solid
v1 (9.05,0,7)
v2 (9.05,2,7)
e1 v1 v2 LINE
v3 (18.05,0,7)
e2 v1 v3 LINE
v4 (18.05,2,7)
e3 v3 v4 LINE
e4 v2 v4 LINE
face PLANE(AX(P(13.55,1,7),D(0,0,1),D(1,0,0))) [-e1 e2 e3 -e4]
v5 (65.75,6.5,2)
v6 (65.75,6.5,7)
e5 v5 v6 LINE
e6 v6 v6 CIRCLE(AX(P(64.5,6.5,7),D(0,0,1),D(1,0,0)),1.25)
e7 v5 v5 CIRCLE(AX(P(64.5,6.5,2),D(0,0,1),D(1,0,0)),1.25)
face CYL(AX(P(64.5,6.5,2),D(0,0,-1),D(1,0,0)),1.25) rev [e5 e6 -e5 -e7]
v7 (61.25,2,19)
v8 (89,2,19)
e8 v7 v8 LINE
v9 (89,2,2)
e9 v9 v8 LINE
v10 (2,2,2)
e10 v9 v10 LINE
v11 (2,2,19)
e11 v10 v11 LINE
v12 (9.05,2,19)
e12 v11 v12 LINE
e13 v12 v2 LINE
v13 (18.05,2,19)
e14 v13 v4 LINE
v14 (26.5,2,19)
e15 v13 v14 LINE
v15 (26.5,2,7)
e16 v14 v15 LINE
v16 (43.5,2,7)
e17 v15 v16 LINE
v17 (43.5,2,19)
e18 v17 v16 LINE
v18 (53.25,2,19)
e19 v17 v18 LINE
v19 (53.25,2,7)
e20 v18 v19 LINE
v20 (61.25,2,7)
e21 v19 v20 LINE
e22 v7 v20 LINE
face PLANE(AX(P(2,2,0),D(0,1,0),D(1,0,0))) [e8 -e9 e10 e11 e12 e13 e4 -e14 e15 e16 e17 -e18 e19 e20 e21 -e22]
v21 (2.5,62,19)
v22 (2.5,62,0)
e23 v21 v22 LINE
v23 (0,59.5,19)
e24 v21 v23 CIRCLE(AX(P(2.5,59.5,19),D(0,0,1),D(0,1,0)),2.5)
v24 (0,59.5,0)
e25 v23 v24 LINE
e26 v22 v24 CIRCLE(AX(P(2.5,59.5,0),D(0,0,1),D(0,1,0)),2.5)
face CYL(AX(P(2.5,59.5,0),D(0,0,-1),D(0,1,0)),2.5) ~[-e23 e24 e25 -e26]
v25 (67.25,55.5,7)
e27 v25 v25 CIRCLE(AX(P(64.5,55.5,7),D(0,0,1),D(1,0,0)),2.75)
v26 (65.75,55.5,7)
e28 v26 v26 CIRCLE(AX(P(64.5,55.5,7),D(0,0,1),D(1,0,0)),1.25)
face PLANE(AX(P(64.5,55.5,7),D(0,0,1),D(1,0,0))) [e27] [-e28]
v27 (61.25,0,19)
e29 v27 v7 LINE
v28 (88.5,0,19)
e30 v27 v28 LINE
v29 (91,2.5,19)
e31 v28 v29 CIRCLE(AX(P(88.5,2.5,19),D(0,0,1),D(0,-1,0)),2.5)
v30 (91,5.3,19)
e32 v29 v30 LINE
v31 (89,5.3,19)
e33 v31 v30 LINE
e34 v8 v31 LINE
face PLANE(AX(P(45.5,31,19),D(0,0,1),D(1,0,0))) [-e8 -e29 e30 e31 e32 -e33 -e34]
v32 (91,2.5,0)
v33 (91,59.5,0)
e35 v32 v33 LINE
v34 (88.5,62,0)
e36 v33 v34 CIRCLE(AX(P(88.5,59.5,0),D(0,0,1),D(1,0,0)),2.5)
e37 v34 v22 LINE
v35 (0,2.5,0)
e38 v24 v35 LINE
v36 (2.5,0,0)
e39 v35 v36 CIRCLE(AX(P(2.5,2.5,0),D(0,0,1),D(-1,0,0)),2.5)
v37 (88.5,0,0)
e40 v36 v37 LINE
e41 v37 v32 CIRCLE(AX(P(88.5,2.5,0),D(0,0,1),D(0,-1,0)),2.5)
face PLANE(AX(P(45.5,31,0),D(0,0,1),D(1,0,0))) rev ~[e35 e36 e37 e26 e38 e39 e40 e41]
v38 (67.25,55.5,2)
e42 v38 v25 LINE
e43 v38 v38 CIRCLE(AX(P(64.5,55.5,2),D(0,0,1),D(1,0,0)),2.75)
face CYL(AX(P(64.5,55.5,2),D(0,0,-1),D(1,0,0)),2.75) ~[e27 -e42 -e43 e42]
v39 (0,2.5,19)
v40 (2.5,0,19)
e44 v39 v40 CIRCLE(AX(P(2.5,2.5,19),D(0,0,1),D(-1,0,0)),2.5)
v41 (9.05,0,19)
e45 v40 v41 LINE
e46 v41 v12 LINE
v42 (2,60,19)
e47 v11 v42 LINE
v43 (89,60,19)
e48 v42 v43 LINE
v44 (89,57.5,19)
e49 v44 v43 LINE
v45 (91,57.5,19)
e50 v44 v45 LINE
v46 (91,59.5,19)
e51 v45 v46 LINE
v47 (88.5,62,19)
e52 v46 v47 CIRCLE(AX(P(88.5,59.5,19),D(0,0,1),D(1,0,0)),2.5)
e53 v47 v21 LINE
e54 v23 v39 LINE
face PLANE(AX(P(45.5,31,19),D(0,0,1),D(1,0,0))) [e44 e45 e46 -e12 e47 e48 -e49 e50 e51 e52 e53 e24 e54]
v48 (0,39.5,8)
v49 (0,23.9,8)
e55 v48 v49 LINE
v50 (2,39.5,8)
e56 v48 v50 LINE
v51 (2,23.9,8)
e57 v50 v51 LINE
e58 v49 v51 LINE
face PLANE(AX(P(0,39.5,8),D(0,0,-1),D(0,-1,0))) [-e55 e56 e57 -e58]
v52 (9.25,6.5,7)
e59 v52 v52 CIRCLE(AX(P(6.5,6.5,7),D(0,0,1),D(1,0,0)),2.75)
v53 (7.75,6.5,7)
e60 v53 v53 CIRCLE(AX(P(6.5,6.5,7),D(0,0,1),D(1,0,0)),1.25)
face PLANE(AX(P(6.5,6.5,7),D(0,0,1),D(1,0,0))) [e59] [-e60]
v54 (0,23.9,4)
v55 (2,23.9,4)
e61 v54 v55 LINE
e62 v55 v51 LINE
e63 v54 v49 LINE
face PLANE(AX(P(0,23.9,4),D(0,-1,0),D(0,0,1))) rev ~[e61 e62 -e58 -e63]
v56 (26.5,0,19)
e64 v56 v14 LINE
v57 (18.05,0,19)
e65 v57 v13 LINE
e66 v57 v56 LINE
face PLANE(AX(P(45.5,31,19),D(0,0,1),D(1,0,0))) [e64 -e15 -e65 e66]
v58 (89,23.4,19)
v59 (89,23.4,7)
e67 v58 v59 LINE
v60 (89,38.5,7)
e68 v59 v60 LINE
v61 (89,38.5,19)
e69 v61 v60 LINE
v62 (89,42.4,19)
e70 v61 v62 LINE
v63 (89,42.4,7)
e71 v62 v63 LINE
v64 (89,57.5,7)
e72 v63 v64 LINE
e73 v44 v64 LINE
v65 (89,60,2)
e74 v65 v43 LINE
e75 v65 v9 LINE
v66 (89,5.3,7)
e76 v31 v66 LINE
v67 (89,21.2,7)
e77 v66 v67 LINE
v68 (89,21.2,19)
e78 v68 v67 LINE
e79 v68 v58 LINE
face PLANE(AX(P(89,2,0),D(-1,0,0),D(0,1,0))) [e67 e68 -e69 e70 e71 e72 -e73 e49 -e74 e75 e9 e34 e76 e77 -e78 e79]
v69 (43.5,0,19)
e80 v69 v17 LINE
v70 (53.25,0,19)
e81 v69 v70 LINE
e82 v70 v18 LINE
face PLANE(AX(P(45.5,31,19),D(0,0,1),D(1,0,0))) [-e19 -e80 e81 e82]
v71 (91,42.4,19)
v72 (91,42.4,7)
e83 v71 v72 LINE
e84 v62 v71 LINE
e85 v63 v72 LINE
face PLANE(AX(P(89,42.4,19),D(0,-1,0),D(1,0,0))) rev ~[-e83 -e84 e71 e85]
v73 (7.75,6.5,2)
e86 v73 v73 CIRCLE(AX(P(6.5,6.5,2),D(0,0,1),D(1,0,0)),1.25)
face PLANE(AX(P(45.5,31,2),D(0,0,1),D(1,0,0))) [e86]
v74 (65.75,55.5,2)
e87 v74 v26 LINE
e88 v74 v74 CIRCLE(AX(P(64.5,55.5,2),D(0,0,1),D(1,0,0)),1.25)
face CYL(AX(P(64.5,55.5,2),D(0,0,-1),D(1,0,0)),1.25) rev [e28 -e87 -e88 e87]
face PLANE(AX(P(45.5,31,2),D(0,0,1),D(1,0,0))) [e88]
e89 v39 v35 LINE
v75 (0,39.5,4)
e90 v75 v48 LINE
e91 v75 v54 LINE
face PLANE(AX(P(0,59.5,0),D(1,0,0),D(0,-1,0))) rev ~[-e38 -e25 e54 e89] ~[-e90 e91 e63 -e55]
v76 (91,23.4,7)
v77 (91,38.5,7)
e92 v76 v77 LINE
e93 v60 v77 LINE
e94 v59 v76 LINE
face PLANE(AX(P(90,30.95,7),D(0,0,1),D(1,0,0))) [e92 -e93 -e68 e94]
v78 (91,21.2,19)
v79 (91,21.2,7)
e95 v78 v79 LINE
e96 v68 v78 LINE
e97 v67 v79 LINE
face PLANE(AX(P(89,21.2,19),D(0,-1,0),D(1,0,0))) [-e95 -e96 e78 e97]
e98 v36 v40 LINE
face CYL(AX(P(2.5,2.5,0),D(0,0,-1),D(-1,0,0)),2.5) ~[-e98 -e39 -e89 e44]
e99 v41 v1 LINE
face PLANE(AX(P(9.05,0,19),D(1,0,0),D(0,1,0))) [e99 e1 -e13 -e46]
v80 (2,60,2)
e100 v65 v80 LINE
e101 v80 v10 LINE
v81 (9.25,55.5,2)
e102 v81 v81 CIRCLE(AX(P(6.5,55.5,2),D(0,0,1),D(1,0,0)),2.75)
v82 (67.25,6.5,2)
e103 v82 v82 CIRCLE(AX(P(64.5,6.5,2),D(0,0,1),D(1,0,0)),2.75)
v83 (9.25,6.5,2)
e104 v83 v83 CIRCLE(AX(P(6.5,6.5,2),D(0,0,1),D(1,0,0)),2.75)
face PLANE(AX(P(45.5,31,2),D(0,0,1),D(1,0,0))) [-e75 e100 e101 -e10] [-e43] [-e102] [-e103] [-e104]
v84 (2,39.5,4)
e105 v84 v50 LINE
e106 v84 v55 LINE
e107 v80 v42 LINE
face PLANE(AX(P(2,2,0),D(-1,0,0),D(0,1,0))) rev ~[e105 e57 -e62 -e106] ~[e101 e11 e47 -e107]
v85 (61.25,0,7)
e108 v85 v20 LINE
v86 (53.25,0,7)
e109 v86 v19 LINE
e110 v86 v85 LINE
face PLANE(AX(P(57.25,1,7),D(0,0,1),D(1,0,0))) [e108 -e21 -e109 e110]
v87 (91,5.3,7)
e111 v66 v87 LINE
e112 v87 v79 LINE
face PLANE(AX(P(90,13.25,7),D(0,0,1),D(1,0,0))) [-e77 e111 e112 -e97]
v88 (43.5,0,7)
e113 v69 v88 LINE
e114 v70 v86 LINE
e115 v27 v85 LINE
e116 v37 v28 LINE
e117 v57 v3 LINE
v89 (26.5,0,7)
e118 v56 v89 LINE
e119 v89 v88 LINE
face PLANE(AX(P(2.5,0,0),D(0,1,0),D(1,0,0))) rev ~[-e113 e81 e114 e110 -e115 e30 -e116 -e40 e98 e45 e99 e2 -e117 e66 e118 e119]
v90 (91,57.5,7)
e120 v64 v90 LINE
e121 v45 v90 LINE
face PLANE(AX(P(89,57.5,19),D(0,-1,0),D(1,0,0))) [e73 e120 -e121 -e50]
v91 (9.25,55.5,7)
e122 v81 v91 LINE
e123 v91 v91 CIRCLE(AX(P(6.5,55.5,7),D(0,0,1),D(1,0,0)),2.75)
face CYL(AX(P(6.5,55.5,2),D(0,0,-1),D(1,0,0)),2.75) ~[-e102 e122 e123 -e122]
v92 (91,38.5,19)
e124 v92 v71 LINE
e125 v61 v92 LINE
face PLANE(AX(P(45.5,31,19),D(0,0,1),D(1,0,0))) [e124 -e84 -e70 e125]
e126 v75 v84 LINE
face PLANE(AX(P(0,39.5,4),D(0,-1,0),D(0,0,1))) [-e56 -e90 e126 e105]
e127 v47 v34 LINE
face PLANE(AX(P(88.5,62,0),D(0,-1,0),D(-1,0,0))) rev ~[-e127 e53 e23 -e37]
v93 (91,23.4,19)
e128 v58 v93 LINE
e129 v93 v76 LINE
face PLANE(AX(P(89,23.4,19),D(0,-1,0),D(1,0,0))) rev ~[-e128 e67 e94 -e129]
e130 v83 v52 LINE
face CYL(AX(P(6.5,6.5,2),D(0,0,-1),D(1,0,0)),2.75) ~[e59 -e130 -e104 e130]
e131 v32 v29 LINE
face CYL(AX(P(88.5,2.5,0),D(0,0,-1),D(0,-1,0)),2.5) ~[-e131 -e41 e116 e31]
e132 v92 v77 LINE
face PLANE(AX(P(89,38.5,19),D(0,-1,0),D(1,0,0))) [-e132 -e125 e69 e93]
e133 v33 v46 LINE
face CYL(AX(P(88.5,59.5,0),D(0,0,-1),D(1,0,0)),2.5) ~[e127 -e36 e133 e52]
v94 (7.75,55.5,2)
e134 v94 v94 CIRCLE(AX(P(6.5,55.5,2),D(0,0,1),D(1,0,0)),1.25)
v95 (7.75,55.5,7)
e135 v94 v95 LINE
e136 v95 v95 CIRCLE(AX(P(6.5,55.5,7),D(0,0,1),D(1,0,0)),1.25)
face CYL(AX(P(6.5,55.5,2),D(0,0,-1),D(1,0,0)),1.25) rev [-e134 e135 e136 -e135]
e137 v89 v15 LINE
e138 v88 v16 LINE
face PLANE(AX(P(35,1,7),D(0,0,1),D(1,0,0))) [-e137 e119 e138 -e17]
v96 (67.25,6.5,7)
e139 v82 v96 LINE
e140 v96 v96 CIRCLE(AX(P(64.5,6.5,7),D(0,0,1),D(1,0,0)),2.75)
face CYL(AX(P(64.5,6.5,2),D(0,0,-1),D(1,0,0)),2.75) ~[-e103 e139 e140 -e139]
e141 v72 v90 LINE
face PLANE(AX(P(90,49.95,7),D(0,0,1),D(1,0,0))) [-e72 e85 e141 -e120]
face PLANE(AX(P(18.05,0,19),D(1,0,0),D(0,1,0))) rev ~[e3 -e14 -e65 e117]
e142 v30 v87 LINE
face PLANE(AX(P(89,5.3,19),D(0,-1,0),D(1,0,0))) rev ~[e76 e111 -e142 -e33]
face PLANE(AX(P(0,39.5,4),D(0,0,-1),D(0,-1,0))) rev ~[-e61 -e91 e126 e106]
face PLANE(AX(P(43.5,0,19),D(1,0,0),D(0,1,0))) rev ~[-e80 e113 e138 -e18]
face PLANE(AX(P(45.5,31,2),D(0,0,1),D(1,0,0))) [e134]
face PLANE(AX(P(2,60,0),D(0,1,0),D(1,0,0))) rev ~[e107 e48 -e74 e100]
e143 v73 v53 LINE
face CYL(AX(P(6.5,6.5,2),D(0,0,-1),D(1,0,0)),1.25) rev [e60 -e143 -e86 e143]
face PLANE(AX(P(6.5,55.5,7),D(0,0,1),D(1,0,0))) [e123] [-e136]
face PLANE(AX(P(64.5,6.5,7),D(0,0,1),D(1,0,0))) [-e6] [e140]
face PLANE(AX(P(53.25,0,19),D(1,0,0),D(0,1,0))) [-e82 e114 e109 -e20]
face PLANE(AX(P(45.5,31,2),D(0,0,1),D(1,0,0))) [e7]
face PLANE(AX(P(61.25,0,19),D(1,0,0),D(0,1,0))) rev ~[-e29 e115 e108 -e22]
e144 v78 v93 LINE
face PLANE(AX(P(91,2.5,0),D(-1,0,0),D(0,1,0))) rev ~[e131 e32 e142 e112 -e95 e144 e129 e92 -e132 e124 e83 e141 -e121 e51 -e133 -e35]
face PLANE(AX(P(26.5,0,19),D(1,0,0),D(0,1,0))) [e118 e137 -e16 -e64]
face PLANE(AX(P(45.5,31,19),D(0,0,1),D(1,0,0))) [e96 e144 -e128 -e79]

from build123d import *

# Parameters (mm, degrees)
F0_W     = 87
F0_H     = 58
F1_DEPTH = 2
F2_DEPTH = 19
F3_R     = 2.75
F3_R_2   = 1.25
F4_DEPTH = 5
F5_W     = 9
F5_H     = 2
F5_W_2   = 17
F5_W_3   = 8
F5_W_4   = 2
F5_H_2   = 15.9
F5_H_3   = 15.1
F6_DEPTH = 12
F7_W     = 15.6
F7_H     = 4
F8_DEPTH = 2


with BuildPart() as f1:
    # F0 (on Top) → F1 (new body)
    with BuildSketch(Plane.XY):
        with BuildLine():
            ThreePointArc((0, 2.5), (0.732233047, 0.732233047), (2.5, 0))
            Line((2.5, 0), (88.5, 0))
            ThreePointArc((88.5, 0), (90.267766953, 0.732233047), (91, 2.5))
            Line((91, 2.5), (91, 59.5))
            ThreePointArc((91, 59.5), (90.267766953, 61.267766953), (88.5, 62))
            Line((88.5, 62), (2.5, 62))
            ThreePointArc((2.5, 62), (0.732233047, 61.267766953), (0, 59.5))
            Line((0, 59.5), (0, 2.5))
        make_face()
        with Locations((45.5, 31)):
            Rectangle(F0_W, F0_H, mode=Mode.SUBTRACT)
        with Locations((45.5, 31)):
            Rectangle(F0_W, F0_H)
    extrude(amount=F1_DEPTH)

    # F0 (on Top) → F2 (join)
    with BuildSketch(Plane.XY):
        with BuildLine():
            ThreePointArc((0, 2.5), (0.732233047, 0.732233047), (2.5, 0))
            Line((2.5, 0), (88.5, 0))
            ThreePointArc((88.5, 0), (90.267766953, 0.732233047), (91, 2.5))
            Line((91, 2.5), (91, 59.5))
            ThreePointArc((91, 59.5), (90.267766953, 61.267766953), (88.5, 62))
            Line((88.5, 62), (2.5, 62))
            ThreePointArc((2.5, 62), (0.732233047, 61.267766953), (0, 59.5))
            Line((0, 59.5), (0, 2.5))
        make_face()
        with Locations((45.5, 31)):
            Rectangle(F0_W, F0_H, mode=Mode.SUBTRACT)
    extrude(amount=F2_DEPTH)

    # F3 (on face) → F4 (join)
    with BuildSketch(Plane.XY.offset(2)):
        with Locations((6.5, 55.5)):
            Circle(F3_R)
        with Locations((6.5, 55.5)):
            Circle(F3_R_2, mode=Mode.SUBTRACT)
        with Locations((6.5, 6.5)):
            Circle(F3_R)
        with Locations((6.5, 6.5)):
            Circle(F3_R_2, mode=Mode.SUBTRACT)
        with Locations((64.5, 6.5)):
            Circle(F3_R)
        with Locations((64.5, 6.5)):
            Circle(F3_R_2, mode=Mode.SUBTRACT)
        with Locations((64.5, 55.5)):
            Circle(F3_R)
        with Locations((64.5, 55.5)):
            Circle(F3_R_2, mode=Mode.SUBTRACT)
    extrude(amount=F4_DEPTH)

    # F5 (on face) → F6 (cut)
    with BuildSketch(Plane.XY.offset(19)):
        with Locations((13.55, 1)):
            Rectangle(F5_W, F5_H)
        with Locations((35, 1)):
            Rectangle(F5_W_2, F5_H)
        with Locations((57.25, 1)):
            Rectangle(F5_W_3, F5_H)
        with Locations((90, 13.25)):
            Rectangle(F5_W_4, F5_H_2)
        with Locations((90, 30.95)):
            Rectangle(F5_W_4, F5_H_3)
        with Locations((90, 49.95)):
            Rectangle(F5_W_4, F5_H_3)
    extrude(amount=-F6_DEPTH, mode=Mode.SUBTRACT)

    # F7 (on face) → F8 (cut, through all)
    with BuildSketch(Plane(origin=(0, 0, 0), x_dir=(0, -1, 0), z_dir=(-1, 0, 0))):
        with Locations((-31.7, 6)):
            Rectangle(F7_W, F7_H)
    extrude(amount=-F8_DEPTH, mode=Mode.SUBTRACT)


solid = f1.part
